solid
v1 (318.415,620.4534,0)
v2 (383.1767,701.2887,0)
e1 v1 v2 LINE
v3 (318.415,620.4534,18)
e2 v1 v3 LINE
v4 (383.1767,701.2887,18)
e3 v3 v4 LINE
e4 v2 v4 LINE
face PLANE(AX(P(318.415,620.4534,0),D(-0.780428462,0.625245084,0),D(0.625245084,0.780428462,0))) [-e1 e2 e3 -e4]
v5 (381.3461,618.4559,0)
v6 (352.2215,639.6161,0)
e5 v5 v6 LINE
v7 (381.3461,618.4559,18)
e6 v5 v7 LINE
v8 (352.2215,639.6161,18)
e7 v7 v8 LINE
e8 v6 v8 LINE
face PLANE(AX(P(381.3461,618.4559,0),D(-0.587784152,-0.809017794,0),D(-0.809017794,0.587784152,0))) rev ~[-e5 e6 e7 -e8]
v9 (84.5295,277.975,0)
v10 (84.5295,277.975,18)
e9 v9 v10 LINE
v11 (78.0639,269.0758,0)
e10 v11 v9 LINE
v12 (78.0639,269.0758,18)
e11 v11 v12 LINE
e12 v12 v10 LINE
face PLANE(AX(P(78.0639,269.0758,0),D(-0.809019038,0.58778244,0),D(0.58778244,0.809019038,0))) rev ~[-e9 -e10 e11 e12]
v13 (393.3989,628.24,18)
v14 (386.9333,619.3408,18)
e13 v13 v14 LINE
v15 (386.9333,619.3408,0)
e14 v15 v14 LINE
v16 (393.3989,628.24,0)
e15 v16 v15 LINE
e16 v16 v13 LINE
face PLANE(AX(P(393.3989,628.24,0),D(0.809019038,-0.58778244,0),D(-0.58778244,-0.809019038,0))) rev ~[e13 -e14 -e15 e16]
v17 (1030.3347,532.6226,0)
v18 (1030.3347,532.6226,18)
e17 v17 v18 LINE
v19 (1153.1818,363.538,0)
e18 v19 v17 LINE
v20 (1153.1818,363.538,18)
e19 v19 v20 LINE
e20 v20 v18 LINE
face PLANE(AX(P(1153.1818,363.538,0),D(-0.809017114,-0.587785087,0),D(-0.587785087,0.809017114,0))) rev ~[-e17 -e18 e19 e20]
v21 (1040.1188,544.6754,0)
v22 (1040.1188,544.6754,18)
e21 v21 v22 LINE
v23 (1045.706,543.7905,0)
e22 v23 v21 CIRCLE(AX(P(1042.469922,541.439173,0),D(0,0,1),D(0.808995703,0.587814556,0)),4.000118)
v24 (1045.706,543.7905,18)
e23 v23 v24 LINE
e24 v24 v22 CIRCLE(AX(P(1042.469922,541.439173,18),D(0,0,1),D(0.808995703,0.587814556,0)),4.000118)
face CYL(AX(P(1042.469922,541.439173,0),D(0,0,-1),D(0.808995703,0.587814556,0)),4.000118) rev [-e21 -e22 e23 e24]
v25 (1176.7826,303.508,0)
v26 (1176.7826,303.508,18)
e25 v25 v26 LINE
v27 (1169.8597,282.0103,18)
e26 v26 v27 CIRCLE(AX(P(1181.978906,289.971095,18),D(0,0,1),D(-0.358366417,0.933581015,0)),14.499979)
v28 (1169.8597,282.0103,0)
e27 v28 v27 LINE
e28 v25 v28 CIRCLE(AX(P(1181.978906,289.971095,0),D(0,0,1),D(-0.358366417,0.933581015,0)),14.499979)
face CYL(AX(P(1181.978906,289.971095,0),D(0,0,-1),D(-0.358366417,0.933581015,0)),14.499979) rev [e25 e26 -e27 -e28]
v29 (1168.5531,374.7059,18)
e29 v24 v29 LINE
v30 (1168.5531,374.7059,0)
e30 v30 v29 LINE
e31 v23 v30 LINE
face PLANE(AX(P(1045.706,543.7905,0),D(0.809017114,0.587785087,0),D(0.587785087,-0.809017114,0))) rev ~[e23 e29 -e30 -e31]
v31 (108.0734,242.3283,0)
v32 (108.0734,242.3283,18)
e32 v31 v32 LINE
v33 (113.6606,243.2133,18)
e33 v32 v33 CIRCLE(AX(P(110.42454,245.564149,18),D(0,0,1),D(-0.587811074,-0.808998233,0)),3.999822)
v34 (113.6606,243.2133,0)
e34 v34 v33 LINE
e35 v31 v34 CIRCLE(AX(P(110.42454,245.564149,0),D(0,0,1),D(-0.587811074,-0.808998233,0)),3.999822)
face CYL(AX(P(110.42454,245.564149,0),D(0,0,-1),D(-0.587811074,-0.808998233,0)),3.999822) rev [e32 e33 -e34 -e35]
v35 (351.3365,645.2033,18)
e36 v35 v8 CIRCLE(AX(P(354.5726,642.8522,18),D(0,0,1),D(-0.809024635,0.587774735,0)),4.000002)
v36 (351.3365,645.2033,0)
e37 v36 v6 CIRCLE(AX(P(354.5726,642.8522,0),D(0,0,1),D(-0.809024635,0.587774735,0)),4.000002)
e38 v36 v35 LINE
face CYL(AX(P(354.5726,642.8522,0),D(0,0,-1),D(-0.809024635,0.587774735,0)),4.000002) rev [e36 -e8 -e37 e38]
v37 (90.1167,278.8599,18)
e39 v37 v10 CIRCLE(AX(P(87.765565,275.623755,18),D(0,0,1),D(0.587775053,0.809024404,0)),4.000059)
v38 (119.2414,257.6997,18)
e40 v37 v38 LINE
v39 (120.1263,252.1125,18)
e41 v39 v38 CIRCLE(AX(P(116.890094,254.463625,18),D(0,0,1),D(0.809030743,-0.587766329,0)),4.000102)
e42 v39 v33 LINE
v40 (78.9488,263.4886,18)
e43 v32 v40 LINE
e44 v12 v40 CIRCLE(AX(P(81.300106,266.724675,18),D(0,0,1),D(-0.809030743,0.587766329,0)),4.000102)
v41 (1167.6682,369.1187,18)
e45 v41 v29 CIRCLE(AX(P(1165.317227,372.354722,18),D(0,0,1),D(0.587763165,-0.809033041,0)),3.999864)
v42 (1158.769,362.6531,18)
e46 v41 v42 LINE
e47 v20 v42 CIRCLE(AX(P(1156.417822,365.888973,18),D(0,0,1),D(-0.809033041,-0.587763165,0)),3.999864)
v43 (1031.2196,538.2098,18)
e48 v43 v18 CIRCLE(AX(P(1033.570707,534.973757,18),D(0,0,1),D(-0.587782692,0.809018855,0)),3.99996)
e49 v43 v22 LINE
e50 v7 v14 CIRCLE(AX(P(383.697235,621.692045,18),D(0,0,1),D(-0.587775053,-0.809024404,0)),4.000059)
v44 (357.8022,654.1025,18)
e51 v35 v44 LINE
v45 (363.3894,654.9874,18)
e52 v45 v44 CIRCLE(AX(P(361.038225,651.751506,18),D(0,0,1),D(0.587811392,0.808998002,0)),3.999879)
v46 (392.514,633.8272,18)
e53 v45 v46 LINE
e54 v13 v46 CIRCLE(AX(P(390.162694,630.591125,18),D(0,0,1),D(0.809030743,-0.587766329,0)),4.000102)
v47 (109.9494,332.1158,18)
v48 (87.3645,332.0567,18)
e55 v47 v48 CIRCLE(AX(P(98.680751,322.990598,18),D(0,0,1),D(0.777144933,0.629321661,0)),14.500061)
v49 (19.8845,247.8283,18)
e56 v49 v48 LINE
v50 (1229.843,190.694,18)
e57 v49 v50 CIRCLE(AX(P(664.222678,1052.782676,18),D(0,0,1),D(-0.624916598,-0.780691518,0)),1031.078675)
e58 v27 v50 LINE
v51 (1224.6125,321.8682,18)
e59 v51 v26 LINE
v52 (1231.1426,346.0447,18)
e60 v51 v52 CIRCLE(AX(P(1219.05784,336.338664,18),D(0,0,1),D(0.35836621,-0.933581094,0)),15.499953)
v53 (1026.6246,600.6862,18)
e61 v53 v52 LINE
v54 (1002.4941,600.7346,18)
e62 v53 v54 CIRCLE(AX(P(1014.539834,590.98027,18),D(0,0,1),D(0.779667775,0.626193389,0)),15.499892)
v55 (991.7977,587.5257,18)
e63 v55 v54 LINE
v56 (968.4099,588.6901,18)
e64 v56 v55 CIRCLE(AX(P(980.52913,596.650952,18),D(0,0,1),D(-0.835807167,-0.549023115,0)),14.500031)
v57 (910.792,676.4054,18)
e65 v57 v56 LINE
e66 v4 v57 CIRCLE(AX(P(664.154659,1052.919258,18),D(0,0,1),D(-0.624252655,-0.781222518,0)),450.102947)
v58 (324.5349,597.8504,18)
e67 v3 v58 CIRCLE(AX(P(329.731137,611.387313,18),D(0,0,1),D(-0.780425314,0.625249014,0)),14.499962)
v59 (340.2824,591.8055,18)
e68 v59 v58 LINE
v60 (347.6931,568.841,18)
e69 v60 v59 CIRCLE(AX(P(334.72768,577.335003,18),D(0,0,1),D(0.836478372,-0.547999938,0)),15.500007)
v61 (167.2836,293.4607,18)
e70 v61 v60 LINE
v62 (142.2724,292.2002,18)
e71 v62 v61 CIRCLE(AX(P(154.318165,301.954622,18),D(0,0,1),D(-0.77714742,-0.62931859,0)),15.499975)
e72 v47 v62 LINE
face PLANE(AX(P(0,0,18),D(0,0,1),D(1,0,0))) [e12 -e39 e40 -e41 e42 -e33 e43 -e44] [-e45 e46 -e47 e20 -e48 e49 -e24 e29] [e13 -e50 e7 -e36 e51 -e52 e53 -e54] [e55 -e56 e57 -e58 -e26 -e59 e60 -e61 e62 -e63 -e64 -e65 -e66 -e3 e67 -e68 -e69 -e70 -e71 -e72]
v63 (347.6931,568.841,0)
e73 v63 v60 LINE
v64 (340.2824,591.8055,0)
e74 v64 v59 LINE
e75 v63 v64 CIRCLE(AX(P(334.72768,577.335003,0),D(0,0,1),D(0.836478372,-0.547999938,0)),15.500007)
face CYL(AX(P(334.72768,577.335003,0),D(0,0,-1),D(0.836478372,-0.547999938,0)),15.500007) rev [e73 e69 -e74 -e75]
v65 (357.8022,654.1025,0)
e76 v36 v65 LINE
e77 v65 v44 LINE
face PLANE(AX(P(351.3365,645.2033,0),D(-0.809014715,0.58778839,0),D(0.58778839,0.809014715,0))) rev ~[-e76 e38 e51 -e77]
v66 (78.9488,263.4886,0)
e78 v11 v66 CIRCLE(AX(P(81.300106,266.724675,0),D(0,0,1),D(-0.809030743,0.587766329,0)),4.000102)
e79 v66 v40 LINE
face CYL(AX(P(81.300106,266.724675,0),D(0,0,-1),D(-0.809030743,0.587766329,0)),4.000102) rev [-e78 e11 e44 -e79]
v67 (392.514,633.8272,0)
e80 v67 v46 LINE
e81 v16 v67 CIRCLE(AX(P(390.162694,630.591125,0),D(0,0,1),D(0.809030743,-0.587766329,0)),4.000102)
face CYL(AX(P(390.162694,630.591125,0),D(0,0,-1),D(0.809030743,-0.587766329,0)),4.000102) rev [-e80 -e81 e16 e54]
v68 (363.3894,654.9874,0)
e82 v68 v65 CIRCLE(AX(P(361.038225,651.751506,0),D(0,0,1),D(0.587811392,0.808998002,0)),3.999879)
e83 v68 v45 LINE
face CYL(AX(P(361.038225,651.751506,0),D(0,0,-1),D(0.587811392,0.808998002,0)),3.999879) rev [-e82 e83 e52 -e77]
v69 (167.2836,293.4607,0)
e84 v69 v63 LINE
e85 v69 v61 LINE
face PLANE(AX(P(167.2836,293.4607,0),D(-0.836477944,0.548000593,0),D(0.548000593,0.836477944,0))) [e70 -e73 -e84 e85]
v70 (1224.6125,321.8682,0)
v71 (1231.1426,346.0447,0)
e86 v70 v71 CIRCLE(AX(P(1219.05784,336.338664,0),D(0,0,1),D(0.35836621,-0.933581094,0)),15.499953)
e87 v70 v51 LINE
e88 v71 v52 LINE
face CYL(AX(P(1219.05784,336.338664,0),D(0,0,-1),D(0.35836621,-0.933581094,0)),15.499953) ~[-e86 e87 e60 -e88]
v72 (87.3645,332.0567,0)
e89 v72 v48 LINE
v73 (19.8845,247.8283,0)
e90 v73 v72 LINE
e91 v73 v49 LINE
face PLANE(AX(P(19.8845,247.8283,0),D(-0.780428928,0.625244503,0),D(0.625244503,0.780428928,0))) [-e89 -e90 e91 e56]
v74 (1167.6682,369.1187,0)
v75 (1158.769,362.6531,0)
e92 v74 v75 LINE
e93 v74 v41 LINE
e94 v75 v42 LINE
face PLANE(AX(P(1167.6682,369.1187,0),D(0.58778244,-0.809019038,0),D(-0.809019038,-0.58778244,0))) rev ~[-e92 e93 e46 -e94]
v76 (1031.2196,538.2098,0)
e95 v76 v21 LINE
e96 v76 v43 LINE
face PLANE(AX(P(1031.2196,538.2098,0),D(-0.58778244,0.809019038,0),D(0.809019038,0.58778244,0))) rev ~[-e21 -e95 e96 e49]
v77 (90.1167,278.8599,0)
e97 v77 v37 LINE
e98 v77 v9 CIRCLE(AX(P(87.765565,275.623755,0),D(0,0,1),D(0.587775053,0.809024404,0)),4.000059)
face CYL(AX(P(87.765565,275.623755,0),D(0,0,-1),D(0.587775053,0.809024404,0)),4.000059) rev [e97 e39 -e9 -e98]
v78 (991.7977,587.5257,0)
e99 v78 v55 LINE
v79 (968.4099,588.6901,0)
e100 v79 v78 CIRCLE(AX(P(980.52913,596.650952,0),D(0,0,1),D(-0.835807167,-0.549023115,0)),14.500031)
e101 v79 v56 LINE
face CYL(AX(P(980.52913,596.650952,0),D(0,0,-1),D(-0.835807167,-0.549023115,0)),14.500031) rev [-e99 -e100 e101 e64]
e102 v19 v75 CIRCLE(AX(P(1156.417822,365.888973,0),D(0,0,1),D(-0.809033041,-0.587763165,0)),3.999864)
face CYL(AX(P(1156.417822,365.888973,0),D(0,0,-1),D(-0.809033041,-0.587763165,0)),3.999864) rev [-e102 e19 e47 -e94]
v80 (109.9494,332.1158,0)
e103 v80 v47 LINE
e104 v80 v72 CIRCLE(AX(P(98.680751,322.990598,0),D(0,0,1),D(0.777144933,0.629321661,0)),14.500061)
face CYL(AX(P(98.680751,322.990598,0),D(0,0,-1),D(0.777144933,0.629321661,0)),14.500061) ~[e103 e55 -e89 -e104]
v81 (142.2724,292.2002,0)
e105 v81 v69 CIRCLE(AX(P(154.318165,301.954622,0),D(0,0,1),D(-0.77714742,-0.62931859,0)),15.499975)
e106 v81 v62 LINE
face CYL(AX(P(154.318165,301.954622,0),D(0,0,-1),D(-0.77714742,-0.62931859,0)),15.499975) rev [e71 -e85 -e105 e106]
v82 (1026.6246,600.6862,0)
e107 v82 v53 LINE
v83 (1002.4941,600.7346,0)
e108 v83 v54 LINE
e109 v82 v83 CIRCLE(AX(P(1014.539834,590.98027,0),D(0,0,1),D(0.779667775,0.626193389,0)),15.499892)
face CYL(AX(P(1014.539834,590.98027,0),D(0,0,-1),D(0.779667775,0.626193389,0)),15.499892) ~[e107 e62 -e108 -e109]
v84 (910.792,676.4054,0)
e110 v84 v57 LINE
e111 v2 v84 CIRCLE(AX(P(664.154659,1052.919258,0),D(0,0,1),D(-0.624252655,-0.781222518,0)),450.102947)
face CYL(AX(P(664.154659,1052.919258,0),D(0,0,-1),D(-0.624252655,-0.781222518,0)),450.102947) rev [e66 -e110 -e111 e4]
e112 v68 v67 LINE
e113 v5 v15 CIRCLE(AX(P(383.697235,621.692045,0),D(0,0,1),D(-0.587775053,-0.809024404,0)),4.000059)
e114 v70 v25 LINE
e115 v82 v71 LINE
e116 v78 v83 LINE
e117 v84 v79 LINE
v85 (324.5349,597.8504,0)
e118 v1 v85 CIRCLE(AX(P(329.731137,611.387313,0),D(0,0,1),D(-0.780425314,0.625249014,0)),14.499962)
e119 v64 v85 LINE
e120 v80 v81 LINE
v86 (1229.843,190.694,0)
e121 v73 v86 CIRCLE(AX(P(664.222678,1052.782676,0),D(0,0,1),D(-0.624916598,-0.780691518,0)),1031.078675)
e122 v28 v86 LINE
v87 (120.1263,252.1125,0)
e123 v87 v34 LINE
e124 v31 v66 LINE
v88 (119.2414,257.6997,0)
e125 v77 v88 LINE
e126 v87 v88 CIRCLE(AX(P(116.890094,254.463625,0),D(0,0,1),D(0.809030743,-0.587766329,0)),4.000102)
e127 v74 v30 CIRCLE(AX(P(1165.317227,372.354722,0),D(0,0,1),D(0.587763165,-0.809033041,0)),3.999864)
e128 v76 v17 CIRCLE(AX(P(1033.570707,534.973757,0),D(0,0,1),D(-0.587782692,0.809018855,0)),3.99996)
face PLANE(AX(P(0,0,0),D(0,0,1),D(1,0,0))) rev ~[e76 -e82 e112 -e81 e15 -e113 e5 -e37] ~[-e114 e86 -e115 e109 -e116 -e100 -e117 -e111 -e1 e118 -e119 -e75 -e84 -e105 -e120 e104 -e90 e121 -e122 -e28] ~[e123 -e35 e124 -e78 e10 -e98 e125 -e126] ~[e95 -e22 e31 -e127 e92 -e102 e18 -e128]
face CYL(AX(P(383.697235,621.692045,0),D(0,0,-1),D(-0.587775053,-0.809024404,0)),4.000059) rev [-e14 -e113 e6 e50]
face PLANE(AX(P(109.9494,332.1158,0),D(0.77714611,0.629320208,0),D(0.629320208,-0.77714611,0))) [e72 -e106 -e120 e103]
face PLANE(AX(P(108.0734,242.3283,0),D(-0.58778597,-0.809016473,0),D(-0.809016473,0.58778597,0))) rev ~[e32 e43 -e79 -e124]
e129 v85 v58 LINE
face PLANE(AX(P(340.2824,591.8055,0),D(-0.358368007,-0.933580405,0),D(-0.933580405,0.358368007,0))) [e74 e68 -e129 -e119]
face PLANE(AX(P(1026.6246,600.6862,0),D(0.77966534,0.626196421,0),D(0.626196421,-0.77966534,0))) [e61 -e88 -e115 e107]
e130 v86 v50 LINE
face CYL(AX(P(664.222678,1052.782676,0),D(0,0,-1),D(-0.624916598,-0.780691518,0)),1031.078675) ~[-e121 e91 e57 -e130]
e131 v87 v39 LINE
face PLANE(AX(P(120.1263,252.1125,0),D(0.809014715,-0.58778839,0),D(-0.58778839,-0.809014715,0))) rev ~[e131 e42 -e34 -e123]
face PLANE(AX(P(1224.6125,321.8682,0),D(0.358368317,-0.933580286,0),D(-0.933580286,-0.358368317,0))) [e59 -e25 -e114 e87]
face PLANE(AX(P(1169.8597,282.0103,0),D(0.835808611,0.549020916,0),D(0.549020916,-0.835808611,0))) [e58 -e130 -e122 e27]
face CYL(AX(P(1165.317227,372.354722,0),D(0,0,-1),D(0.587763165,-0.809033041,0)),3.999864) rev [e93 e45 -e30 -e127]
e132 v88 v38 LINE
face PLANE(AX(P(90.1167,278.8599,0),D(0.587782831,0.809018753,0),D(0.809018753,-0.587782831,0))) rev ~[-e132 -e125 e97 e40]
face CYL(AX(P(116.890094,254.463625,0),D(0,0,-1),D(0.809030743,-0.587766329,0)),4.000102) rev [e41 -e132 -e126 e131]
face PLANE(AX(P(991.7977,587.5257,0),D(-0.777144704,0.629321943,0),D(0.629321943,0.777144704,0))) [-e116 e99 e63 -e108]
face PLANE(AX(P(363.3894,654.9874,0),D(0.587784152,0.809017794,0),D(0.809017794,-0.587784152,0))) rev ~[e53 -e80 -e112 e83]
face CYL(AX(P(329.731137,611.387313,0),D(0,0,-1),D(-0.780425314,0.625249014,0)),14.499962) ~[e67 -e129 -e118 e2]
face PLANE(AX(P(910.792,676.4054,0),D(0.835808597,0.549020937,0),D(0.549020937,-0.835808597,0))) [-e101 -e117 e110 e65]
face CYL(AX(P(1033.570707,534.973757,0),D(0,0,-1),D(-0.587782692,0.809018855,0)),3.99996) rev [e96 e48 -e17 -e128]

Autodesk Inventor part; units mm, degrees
ref_plane "YZ Plane" through (0, 0, 0) normal (1, 0, 0) x (0, 1, 0)
ref_plane "XZ Plane" through (0, 0, 0) normal (0, 1, 0) x (-1, 0, 0)
ref_plane "XY Plane" through (0, 0, 0) normal (0, 0, 1) x (1, 0, 0)
sketch "CONTOURS" plane through (0, 0, 0) normal (0, 0, 1) x (1, 0, 0)
  arc A0 (968.4099, 588.6901) -> (991.7977, 587.5257) centre (980.5291, 596.6509) ccw
  line L0 (991.7977, 587.5257) -> (1002.4941, 600.7346)
  arc A1 (1026.6246, 600.6862) -> (1002.4941, 600.7346) centre (1014.5398, 590.9802) ccw
  line L1 (1026.6246, 600.6862) -> (1231.1426, 346.0447)
  arc A2 (1224.6125, 321.8682) -> (1231.1426, 346.0447) centre (1219.0578, 336.3387) ccw
  line L2 (1224.6125, 321.8682) -> (1176.7826, 303.508)
  arc A3 (1176.7826, 303.508) -> (1169.8597, 282.0103) centre (1181.9789, 289.9711) ccw
  line L3 (1169.8597, 282.0103) -> (1229.843, 190.694)
  arc A4 (19.8845, 247.8283) -> (1229.843, 190.694) centre (664.2228, 1052.783) ccw
  line L4 (19.8845, 247.8283) -> (87.3645, 332.0567)
  arc A5 (109.9494, 332.1158) -> (87.3645, 332.0567) centre (98.6808, 322.9907) ccw
  line L5 (109.9494, 332.1158) -> (142.2724, 292.2002)
  arc A6 (142.2724, 292.2002) -> (167.2836, 293.4607) centre (154.3182, 301.9547) ccw
  line L6 (167.2836, 293.4607) -> (347.6931, 568.841)
  arc A7 (347.6931, 568.841) -> (340.2824, 591.8055) centre (334.7277, 577.335) ccw
  line L7 (340.2824, 591.8055) -> (324.5349, 597.8504)
  arc A8 (318.415, 620.4534) -> (324.5349, 597.8504) centre (329.7312, 611.3873) ccw
  line L8 (318.415, 620.4534) -> (383.1767, 701.2887)
  arc A9 (383.1767, 701.2887) -> (910.792, 676.4054) centre (664.1546, 1052.9191) ccw
  line L9 (910.792, 676.4054) -> (968.4099, 588.6901)
sketch "HOLES" plane through (0, 0, 0) normal (0, 0, 1) x (1, 0, 0)
  arc A0 (351.3365, 645.2033) -> (352.2215, 639.6161) centre (354.5726, 642.8522) ccw
  line L0 (120.1263, 252.1125) -> (113.6606, 243.2133)
  arc A1 (108.0734, 242.3283) -> (113.6606, 243.2133) centre (110.4246, 245.5644) ccw
  line L1 (108.0734, 242.3283) -> (78.9488, 263.4886)
  arc A2 (78.0639, 269.0758) -> (78.9488, 263.4886) centre (81.3, 266.7247) ccw
  line L2 (78.0639, 269.0758) -> (84.5295, 277.975)
  arc A3 (90.1167, 278.8599) -> (84.5295, 277.975) centre (87.7656, 275.6239) ccw
  line L3 (90.1167, 278.8599) -> (119.2414, 257.6997)
  arc A4 (120.1263, 252.1125) -> (119.2414, 257.6997) centre (116.8902, 254.4636) ccw
  line L4 (381.3461, 618.4559) -> (352.2215, 639.6161)
  line L5 (351.3365, 645.2033) -> (357.8022, 654.1025)
  arc A5 (363.3894, 654.9874) -> (357.8022, 654.1025) centre (361.0382, 651.7514) ccw
  line L6 (363.3894, 654.9874) -> (392.514, 633.8272)
  arc A6 (393.3989, 628.24) -> (392.514, 633.8272) centre (390.1628, 630.5911) ccw
  line L7 (393.3989, 628.24) -> (386.9333, 619.3408)
  arc A7 (381.3461, 618.4559) -> (386.9333, 619.3408) centre (383.6972, 621.6919) ccw
  line L8 (1031.2196, 538.2098) -> (1040.1188, 544.6754)
  arc A8 (1045.706, 543.7905) -> (1040.1188, 544.6754) centre (1042.47, 541.4393) ccw
  line L9 (1045.706, 543.7905) -> (1168.5531, 374.7059)
  arc A9 (1167.6682, 369.1187) -> (1168.5531, 374.7059) centre (1165.3171, 372.3548) ccw
  line L10 (1167.6682, 369.1187) -> (1158.769, 362.6531)
  arc A10 (1153.1818, 363.538) -> (1158.769, 362.6531) centre (1156.4179, 365.8891) ccw
  line L11 (1153.1818, 363.538) -> (1030.3347, 532.6226)
  arc A11 (1031.2196, 538.2098) -> (1030.3347, 532.6226) centre (1033.5708, 534.9737) ccw
sketch "LETTERS" plane through (0, 0, 0) normal (0, 0, 1) x (1, 0, 0)
  line L0 (330.7596, 399.6732) -> (317.8052, 406.5947)
  line L1 (317.8052, 406.5947) -> (313.241, 398.0522)
  line L2 (313.241, 398.0522) -> (308.4708, 389.1241)
  line L3 (313.2079, 398.0531) -> (322.6164, 393.0261)
extrude "Extrusion1" add sketch "CONTOURS" along normal blind 18
extrude "Extrusion2" cut sketch "HOLES" along normal blind 18
properties part number "Platform F4" material "Wood (Birch)"
